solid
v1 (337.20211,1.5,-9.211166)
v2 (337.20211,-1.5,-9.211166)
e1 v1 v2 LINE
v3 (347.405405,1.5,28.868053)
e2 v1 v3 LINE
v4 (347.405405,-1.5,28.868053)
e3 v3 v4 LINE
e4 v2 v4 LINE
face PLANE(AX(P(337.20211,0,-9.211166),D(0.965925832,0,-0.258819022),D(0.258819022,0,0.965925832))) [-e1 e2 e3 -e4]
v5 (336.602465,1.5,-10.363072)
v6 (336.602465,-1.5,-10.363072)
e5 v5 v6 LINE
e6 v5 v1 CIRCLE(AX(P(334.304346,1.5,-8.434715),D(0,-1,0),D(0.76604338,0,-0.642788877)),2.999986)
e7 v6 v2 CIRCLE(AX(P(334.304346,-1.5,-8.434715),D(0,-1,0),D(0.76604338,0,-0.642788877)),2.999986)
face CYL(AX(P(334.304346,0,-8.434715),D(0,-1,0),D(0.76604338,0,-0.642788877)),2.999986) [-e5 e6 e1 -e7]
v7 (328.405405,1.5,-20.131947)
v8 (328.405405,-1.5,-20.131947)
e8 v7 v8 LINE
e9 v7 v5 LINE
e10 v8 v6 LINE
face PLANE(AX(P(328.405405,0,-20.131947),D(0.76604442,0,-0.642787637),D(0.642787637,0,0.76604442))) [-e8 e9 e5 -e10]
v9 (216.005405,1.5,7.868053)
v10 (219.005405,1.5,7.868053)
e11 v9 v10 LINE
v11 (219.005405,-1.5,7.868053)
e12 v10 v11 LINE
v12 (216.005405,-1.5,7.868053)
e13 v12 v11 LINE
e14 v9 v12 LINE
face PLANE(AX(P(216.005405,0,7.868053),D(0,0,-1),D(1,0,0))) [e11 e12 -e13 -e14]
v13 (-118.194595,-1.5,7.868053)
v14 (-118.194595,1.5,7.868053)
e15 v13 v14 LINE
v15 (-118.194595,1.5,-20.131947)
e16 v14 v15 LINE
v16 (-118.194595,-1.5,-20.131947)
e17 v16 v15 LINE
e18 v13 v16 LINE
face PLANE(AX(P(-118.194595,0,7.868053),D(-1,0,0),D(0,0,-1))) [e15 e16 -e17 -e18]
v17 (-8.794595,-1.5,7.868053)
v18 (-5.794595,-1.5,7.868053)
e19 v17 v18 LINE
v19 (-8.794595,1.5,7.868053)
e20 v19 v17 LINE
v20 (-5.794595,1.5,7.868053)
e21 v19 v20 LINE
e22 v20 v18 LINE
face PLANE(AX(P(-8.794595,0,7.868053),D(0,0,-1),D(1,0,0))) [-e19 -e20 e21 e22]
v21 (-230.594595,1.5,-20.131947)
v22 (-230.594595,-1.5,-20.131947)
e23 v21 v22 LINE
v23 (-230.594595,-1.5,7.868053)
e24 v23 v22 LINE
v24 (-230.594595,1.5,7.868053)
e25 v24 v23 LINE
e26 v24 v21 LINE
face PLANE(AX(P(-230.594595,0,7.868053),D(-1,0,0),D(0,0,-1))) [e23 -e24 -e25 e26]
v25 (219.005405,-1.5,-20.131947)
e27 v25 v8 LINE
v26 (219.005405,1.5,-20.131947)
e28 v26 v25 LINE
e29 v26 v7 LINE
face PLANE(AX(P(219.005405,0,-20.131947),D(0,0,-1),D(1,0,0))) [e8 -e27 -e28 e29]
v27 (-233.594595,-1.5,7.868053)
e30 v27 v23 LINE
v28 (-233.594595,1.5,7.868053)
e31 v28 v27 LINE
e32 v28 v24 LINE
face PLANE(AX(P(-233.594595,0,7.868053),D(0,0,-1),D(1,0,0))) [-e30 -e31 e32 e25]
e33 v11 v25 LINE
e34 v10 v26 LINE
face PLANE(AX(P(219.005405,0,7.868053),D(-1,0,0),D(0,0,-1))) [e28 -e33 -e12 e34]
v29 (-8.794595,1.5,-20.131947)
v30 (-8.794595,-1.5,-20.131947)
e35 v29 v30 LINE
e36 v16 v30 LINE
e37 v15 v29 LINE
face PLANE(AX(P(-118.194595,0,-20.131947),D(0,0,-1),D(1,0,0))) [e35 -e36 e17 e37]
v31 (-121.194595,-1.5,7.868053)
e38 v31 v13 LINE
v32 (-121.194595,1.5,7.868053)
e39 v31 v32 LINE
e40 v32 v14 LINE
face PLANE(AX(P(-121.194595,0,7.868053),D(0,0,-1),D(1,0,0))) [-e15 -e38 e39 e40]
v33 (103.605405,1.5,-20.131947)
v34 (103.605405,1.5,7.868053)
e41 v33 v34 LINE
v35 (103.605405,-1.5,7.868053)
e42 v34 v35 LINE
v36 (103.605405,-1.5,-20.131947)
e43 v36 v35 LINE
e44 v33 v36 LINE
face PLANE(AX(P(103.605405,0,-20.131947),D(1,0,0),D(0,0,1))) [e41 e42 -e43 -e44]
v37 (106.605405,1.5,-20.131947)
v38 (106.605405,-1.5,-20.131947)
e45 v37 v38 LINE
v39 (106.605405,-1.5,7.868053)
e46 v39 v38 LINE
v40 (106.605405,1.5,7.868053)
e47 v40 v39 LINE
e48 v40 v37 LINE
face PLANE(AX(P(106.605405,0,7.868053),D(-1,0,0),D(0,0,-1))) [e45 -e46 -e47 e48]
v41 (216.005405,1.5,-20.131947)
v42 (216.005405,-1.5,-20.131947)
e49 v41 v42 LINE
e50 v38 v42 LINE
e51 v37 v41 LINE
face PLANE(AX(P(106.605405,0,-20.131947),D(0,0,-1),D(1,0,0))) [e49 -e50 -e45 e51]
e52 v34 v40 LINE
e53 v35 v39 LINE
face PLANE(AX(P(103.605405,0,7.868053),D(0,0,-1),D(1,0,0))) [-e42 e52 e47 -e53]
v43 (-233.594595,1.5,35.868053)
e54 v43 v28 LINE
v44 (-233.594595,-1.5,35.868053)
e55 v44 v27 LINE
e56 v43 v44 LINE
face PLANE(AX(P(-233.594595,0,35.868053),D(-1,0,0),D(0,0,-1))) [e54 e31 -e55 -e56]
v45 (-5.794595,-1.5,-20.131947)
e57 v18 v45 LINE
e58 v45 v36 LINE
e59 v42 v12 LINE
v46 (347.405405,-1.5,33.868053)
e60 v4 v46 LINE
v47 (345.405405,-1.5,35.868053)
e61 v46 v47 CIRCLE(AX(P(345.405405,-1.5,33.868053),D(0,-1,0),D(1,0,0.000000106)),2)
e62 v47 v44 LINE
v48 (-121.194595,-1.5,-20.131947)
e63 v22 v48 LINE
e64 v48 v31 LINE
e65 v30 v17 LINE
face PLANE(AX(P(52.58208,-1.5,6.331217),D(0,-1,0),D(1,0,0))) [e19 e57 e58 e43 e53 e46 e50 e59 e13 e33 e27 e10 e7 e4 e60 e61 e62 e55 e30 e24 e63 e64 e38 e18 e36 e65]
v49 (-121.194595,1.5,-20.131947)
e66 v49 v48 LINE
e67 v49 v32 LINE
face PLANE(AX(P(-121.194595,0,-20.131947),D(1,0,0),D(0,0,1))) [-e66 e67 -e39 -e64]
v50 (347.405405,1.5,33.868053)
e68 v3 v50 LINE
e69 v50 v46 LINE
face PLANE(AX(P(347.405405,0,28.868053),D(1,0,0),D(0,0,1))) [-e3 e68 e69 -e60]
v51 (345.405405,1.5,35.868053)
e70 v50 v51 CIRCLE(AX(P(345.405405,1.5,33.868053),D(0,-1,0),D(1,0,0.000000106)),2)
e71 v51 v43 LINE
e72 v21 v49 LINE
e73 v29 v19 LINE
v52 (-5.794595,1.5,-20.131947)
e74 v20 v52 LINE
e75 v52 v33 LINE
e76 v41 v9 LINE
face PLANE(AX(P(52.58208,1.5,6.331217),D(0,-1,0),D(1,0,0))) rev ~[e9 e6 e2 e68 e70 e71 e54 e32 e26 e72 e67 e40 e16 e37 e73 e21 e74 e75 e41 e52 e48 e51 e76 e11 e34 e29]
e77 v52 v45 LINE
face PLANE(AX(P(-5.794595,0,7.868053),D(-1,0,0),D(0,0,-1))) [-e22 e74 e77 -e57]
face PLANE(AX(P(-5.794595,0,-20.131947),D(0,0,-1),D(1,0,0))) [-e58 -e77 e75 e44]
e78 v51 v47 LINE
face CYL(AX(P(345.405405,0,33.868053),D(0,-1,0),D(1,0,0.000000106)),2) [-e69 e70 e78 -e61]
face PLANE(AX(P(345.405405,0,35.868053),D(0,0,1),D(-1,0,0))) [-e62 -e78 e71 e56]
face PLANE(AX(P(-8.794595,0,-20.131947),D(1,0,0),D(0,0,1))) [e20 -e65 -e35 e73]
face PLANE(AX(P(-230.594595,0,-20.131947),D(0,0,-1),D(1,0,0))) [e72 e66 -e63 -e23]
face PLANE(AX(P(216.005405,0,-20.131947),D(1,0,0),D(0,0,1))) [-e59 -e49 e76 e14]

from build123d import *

# Parameters (mm, degrees)
F1_DEPTH = 1.5


with BuildPart() as f1:
    # F0 (on Front) → F1 (new body, symmetric)
    with BuildSketch(Plane.XZ):
        with BuildLine():
            Line((-118.194595, -20.131947), (-12.594595, -20.131947))
            Line((-12.594595, -20.131947), (-8.794595, -20.131947))
            Line((-8.794595, -20.131947), (-8.794595, 7.868053))
            Line((-8.794595, 7.868053), (-5.794595, 7.868053))
            Line((-5.794595, 7.868053), (-5.794595, -20.131947))
            Line((-5.794595, -20.131947), (103.605405, -20.131947))
            Line((103.605405, -20.131947), (103.605405, 7.868053))
            Line((103.605405, 7.868053), (106.605405, 7.868053))
            Line((106.605405, 7.868053), (106.605405, -20.131947))
            Line((106.605405, -20.131947), (216.005405, -20.131947))
            Line((216.005405, -20.131947), (216.005405, 7.868053))
            Line((216.005405, 7.868053), (219.005405, 7.868053))
            Line((219.005405, 7.868053), (219.005405, -20.131947))
            Line((219.005405, -20.131947), (328.405405, -20.131947))
            Line((328.405405, -20.131947), (336.602465, -10.363072))
            ThreePointArc((336.602465, -10.363072), (336.965365, -9.819955), (337.20211, -9.211166))
            Line((337.20211, -9.211166), (347.405405, 28.868053))
            Line((347.405405, 28.868053), (347.405405, 33.868053))
            ThreePointArc((347.405405, 33.868053), (346.819619, 35.282266), (345.405405, 35.868053))
            Line((345.405405, 35.868053), (-12.594595, 35.868053))
            Line((-12.594595, 35.868053), (-233.594595, 35.868053))
            Line((-233.594595, 35.868053), (-233.594595, 7.868053))
            Line((-233.594595, 7.868053), (-230.594595, 7.868053))
            Line((-230.594595, 7.868053), (-230.594595, -20.131947))
            Line((-230.594595, -20.131947), (-121.194595, -20.131947))
            Line((-121.194595, -20.131947), (-121.194595, 7.868053))
            Line((-121.194595, 7.868053), (-118.194595, 7.868053))
            Line((-118.194595, 7.868053), (-118.194595, -20.131947))
        make_face()
    extrude(amount=F1_DEPTH, both=True)


solid = f1.part
